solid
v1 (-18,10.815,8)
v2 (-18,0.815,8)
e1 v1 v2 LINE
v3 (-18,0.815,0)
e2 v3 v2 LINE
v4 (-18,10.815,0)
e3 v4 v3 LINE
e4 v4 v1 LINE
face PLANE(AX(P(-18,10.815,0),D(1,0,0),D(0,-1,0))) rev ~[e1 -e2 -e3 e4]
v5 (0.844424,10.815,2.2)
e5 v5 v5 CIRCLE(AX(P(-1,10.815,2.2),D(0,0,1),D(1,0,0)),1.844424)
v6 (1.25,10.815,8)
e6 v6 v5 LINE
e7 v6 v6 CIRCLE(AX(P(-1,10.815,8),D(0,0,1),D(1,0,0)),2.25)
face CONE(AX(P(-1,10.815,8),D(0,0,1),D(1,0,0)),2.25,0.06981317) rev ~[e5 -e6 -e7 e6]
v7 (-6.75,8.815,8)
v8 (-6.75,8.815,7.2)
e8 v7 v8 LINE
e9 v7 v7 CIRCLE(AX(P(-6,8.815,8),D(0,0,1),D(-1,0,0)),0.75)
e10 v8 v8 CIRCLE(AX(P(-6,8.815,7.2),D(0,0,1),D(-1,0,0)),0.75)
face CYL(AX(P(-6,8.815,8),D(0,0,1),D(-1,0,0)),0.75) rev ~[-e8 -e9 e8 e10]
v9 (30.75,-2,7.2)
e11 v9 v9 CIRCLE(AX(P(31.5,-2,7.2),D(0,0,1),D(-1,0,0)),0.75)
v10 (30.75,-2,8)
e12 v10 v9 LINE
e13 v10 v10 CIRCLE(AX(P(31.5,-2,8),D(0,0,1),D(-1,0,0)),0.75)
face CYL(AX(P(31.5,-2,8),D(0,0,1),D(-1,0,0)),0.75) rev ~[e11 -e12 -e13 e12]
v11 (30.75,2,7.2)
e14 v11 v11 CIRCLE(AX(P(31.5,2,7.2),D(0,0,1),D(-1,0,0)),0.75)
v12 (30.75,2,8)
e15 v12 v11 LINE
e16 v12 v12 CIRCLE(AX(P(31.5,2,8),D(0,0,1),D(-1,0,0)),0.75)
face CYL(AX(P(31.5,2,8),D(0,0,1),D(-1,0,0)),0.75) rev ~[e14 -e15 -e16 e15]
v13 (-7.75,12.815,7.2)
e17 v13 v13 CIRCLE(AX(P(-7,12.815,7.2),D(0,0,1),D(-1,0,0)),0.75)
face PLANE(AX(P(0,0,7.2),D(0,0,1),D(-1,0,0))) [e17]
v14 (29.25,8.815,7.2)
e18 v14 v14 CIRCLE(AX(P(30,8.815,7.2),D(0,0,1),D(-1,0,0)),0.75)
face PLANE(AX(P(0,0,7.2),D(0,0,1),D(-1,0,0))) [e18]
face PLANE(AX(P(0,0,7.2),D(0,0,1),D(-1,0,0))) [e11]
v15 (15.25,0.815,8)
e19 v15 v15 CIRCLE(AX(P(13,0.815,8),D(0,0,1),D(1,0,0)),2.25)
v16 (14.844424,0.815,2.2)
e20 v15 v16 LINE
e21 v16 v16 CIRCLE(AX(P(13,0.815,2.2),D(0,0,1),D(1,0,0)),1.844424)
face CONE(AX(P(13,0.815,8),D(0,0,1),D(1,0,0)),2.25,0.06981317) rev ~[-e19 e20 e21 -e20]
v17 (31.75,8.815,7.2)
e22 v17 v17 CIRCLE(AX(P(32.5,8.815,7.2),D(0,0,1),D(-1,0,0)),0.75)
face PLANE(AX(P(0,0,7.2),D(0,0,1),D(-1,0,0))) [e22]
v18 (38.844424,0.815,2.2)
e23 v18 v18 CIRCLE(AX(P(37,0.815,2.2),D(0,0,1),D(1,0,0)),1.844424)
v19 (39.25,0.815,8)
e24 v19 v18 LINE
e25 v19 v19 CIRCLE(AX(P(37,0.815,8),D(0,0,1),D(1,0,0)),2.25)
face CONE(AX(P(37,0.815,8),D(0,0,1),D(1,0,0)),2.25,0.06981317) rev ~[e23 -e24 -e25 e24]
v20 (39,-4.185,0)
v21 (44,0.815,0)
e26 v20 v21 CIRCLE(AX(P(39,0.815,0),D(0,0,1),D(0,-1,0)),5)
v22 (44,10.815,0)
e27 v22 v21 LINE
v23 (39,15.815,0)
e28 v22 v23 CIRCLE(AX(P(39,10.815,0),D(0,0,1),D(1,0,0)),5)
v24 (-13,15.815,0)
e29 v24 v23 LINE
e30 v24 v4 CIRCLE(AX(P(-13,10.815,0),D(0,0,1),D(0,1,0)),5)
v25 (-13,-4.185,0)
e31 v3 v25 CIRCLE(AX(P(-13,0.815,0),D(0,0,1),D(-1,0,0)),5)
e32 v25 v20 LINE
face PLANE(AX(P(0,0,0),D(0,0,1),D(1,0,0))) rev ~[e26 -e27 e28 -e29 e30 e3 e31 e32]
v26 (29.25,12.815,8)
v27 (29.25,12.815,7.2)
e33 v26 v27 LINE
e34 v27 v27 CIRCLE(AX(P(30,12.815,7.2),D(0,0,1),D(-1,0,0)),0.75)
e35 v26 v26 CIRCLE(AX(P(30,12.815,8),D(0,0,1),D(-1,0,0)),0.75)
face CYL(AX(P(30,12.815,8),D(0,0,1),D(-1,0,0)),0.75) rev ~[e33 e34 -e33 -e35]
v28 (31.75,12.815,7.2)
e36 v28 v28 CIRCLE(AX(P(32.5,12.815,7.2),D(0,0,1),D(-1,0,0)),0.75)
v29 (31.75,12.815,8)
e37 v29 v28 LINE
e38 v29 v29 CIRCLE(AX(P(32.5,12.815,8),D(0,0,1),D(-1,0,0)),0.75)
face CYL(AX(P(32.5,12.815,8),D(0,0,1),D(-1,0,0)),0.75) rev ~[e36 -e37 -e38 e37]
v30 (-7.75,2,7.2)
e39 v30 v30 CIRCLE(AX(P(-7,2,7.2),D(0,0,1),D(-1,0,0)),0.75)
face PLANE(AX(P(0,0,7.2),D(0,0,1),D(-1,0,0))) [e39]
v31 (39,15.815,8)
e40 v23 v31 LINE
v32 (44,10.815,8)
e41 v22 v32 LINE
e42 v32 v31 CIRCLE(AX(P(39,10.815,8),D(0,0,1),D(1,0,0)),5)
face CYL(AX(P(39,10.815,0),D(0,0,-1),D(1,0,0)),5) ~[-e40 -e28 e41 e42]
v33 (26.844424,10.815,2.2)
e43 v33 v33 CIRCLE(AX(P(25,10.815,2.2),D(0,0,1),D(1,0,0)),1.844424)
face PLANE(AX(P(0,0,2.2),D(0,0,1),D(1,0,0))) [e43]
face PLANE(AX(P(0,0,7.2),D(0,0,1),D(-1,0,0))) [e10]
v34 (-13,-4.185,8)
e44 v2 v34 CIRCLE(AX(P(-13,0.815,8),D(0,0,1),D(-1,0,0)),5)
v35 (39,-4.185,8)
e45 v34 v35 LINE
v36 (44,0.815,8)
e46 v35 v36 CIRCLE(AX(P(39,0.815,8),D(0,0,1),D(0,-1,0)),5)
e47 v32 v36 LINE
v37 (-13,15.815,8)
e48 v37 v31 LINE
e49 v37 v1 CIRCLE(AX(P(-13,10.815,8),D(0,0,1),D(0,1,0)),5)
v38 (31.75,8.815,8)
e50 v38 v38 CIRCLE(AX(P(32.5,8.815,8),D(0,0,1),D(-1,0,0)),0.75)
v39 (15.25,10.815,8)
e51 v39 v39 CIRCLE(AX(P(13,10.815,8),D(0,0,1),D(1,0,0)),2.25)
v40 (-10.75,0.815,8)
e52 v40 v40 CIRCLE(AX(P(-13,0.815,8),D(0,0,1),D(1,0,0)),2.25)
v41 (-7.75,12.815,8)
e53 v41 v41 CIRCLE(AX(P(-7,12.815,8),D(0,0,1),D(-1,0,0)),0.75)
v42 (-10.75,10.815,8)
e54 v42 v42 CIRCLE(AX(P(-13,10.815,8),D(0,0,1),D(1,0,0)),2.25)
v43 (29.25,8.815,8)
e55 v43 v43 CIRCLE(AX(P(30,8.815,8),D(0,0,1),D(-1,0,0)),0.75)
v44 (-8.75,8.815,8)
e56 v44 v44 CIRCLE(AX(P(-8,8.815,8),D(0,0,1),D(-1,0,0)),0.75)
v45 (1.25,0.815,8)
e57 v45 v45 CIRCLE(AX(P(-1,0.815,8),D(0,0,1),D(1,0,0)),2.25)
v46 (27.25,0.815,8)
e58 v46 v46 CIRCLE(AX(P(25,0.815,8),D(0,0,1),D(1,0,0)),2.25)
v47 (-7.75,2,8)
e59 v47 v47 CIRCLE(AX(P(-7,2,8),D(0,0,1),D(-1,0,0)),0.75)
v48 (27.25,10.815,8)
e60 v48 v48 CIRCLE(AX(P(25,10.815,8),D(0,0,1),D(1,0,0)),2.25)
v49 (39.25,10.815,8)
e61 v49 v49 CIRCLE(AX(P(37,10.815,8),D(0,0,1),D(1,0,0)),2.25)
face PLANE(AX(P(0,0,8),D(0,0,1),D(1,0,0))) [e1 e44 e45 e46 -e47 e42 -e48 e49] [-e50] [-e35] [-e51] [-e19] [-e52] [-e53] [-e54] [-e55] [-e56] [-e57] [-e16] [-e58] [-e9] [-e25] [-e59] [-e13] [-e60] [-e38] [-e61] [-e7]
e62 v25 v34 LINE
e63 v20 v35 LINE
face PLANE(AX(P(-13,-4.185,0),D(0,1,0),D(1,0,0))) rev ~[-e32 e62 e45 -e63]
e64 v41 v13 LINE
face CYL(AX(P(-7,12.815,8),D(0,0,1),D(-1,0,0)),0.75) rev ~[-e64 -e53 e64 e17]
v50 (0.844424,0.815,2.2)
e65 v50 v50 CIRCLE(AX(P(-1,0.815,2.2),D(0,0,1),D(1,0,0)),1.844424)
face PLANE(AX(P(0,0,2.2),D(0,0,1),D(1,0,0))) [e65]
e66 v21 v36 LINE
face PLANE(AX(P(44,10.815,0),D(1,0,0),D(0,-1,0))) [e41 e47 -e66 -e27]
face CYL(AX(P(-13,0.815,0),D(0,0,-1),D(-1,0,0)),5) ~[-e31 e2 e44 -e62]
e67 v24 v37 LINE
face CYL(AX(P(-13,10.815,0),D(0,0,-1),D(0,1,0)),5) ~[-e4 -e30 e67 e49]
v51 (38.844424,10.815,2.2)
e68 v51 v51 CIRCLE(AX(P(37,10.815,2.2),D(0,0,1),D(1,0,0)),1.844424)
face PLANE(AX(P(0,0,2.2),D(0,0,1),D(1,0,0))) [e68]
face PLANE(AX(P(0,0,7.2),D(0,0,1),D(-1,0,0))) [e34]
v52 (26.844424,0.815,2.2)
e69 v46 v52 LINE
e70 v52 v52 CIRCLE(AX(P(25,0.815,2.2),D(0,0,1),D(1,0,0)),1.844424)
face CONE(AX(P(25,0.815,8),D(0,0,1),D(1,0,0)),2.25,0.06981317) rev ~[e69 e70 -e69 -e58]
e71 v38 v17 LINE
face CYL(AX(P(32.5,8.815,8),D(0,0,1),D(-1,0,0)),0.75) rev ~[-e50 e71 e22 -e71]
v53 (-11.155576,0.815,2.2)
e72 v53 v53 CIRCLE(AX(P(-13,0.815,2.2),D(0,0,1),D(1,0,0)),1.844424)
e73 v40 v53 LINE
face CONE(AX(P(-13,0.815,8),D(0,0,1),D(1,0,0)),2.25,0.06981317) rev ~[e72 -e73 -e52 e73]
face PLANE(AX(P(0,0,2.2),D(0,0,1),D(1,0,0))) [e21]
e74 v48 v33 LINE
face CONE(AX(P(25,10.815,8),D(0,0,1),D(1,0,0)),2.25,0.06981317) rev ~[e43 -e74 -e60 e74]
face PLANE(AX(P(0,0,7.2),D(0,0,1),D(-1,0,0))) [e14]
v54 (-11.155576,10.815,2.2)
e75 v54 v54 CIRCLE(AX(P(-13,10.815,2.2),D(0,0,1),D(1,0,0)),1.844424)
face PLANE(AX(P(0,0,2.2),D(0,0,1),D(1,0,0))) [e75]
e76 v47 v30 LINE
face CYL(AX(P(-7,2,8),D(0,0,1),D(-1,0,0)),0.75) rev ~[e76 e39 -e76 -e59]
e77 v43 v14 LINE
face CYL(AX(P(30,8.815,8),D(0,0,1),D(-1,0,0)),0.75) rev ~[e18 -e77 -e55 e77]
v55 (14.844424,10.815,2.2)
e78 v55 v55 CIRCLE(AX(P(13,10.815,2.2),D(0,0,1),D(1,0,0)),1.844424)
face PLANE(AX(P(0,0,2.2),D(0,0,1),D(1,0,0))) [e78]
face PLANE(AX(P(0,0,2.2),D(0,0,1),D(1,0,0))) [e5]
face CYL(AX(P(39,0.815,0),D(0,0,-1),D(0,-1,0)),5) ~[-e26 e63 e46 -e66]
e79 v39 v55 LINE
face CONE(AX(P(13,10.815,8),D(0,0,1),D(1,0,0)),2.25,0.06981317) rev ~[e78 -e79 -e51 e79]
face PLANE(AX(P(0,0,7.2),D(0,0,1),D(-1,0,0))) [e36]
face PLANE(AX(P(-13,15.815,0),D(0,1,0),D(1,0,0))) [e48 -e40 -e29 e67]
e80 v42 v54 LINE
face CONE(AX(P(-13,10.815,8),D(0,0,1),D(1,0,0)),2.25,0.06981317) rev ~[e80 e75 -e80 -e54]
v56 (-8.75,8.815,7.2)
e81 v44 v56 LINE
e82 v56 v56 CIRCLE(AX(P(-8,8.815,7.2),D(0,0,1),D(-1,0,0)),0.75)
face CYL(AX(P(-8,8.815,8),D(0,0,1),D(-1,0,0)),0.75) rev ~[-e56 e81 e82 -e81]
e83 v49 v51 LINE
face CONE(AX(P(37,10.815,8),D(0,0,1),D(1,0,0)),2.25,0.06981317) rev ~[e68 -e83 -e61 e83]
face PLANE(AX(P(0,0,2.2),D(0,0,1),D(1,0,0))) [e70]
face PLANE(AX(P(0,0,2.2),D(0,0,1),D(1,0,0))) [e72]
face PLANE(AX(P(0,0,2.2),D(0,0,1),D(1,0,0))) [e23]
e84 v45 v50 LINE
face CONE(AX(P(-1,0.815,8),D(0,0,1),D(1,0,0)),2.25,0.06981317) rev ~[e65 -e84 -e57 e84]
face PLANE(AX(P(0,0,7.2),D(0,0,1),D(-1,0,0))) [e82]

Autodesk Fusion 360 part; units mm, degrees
sketch "Sketch1" plane through (0, 0, 0) normal (0, 0, 1) x (1, 0, 0)
  circle A0 centre (-13, 0.815) radius 2.25
  circle A1 centre (-1, 0.815) radius 2.25
  circle A2 centre (13, 0.815) radius 2.25
  circle A3 centre (25, 0.815) radius 2.25
  circle A4 centre (37, 0.815) radius 2.25
  line L0 (-13, 0.815) -> (37, 0.815) construction
  circle A5 centre (-13, 10.815) radius 2.25
  circle A6 centre (-1, 10.815) radius 2.25
  circle A7 centre (13, 10.815) radius 2.25
  circle A8 centre (25, 10.815) radius 2.25
  circle A9 centre (37, 10.815) radius 2.25
  line L1 (-3, 4) -> (29, 4) construction
  line L2 (35.0527, 5.815) -> (-9.0686, 5.815) construction
  line L3 (-13, 10.815) -> (37, 10.815) construction
  line L4 (-13, 0.815) -> (37, 0.815) construction
  line L5 (-13, 0.815) -> (-13, 5.815) construction
  line L6 (-13, 5.815) -> (-13, 10.815) construction
  line L7 (-13, 5.815) -> (30, 5.815)
  line L8 (-13, 5.815) -> (-13, 15.815) construction
  line L9 (-13, 15.815) -> (39, 15.815)
  line L10 (-13, -4.185) -> (39, -4.185)
  line L11 (-13, 10.815) -> (-18, 10.815) construction
  arc A10 (-13, 15.815) -> (-18, 10.815) centre (-13, 10.815) ccw
  arc A11 (-18, 0.815) -> (-13, -4.185) centre (-13, 0.815) ccw
  line L12 (-18, 10.815) -> (-18, 0.815)
  line L13 (13, -4.185) -> (13, 15.815) construction
  arc A12 (44, 10.815) -> (39, 15.815) centre (39, 10.815) ccw
  line L14 (44, 10.815) -> (44, 0.815)
  arc A13 (39, -4.185) -> (44, 0.815) centre (39, 0.815) ccw
  point P0 (13, 4)
  dimension "d6" = 4.5
  dimension "d7" = 4.5
  dimension "d8" = 4.5
  dimension "d9" = 4.5
  dimension "d10" = 4.5
  dimension "d29" = 4.5
  dimension "d30" = 4.5
  dimension "d31" = 4.5
  dimension "d32" = 4.5
  dimension "d33" = 4.5
  dimension "d38" = 5
  dimension "d39" = 5
  dimension "d41" = 10
  dimension "M3_insert_taper_Ref" = -4
extrude "Extrude1" add sketch "Sketch1" along normal blind 8 contours A0 | A1 | A2 | A3 | A4 | A5 | A6 | A7 | A8 | A9 | L9 L10 A10 A11 L12 A12 L14 A13
extrude "Extrude4" cut sketch "Sketch1" against normal blind 5.8 draft -4 from surface at 8 contours A0 | A1 | A2 | A3 | A4 | A5 | A6 | A7 | A8 | A9
sketch "Sketch2" plane through (0, 0, 8) normal (0, 0, 1) x (-1, 0, 0)
  line L0 (11, 0) -> (3, 0) construction
  line L1 (7, 0) -> (7, -2) construction
  circle A0 centre (7, -2) radius 0.75
  line L2 (-27.5, 0) -> (-35.5, 0) construction
  line L3 (-35.5, 0) -> (-31.5, 0) construction
  line L4 (-31.5, 0) -> (-31.5, -2) construction
  circle A1 centre (-31.5, -2) radius 0.75
  circle A2 centre (-31.5, 2) radius 0.75
  line L5 (7, -10.815) -> (7, -12.815) construction
  line L6 (7, -12.815) -> (7, -10.815) construction
  line L7 (7, -10.815) -> (7, -8.815) construction
  line L8 (7, -8.815) -> (8, -8.815) construction
  line L9 (8, -8.815) -> (6, -8.815) construction
  circle A3 centre (8, -8.815) radius 0.75
  circle A4 centre (6, -8.815) radius 0.75
  circle A5 centre (7, -12.815) radius 0.75
  line L10 (-13, -10.815) -> (-13, -0.815) construction
  circle A6 centre (-32.5, -8.815) radius 0.75
  circle A7 centre (-30, -8.815) radius 0.75
  circle A8 centre (-32.5, -12.815) radius 0.75
  circle A9 centre (-30, -12.815) radius 0.75
  arc A10 (13, -15.815) -> (18, -10.815) centre (13, -10.815) ccw
  line L11 (18, -10.815) -> (18, -0.815)
  arc A11 (18, -0.815) -> (13, 4.185) centre (13, -0.815) ccw
  line L12 (13, 4.185) -> (-39, 4.185)
  arc A12 (-39, 4.185) -> (-44, -0.815) centre (-39, -0.815) ccw
  line L13 (-44, -0.815) -> (-44, -10.815)
  arc A13 (-44, -10.815) -> (-39, -15.815) centre (-39, -10.815) ccw
  line L14 (-39, -15.815) -> (13, -15.815)
  circle A14 centre (13, -0.815) radius 2.25
  circle A15 centre (-25, -0.815) radius 2.25
  circle A16 centre (-37, -0.815) radius 2.25
  circle A17 centre (-13, -10.815) radius 2.25
  circle A18 centre (1, -0.815) radius 2.25
  circle A19 centre (13, -10.815) radius 2.25
  circle A20 centre (-25, -10.815) radius 2.25
  circle A21 centre (-37, -10.815) radius 2.25
  circle A22 centre (1, -10.815) radius 2.25
  circle A23 centre (-13, -0.815) radius 2.25
  dimension "d14" = 1.5
  dimension "d15" = 2
  dimension "d16" = 1.5
  dimension "d21" = 1.5
  dimension "d22" = 1.5
  dimension "d23" = 1.5
  dimension "d35" = 1
  dimension "d36" = 1
extrude "Extrude2" cut sketch "Sketch2" against normal blind 0.8 contours A0 | A1 | A2 | A3 | A4 | A5 | A6 | A7 | A8 | A9
equation "d6 = d30"
equation "d7 = d30"
equation "d8 = d30"
equation "d9 = d30"
equation "d10 = d30"
equation "d16 = d14"
equation "d21 = d14"
equation "d22 = d14"
equation "d23 = d14"
equation "d26 = -insert_depth"
equation "d27 = taper_angle"
equation "d29 = insert_diameter"
equation "d30 = d29"
equation "d31 = d30"
equation "d32 = d30"
equation "d33 = d30"
equation "M3_insert_dia_Ref = 4.5 mm" comment "Diameter of a hole for an M3 brass insert"
equation "M3_insert_depth_Ref = 5.8 mm" comment "Standard depth of an M3 brass insert"
equation "M3_insert_taper_Ref = -4 deg" comment "Taper angle for an M3 insert hole."
equation "insert_diameter = M3_insert_dia_Ref"
equation "taper_angle = M3_insert_taper_Ref"
equation "insert_depth = M3_insert_depth_Ref"
